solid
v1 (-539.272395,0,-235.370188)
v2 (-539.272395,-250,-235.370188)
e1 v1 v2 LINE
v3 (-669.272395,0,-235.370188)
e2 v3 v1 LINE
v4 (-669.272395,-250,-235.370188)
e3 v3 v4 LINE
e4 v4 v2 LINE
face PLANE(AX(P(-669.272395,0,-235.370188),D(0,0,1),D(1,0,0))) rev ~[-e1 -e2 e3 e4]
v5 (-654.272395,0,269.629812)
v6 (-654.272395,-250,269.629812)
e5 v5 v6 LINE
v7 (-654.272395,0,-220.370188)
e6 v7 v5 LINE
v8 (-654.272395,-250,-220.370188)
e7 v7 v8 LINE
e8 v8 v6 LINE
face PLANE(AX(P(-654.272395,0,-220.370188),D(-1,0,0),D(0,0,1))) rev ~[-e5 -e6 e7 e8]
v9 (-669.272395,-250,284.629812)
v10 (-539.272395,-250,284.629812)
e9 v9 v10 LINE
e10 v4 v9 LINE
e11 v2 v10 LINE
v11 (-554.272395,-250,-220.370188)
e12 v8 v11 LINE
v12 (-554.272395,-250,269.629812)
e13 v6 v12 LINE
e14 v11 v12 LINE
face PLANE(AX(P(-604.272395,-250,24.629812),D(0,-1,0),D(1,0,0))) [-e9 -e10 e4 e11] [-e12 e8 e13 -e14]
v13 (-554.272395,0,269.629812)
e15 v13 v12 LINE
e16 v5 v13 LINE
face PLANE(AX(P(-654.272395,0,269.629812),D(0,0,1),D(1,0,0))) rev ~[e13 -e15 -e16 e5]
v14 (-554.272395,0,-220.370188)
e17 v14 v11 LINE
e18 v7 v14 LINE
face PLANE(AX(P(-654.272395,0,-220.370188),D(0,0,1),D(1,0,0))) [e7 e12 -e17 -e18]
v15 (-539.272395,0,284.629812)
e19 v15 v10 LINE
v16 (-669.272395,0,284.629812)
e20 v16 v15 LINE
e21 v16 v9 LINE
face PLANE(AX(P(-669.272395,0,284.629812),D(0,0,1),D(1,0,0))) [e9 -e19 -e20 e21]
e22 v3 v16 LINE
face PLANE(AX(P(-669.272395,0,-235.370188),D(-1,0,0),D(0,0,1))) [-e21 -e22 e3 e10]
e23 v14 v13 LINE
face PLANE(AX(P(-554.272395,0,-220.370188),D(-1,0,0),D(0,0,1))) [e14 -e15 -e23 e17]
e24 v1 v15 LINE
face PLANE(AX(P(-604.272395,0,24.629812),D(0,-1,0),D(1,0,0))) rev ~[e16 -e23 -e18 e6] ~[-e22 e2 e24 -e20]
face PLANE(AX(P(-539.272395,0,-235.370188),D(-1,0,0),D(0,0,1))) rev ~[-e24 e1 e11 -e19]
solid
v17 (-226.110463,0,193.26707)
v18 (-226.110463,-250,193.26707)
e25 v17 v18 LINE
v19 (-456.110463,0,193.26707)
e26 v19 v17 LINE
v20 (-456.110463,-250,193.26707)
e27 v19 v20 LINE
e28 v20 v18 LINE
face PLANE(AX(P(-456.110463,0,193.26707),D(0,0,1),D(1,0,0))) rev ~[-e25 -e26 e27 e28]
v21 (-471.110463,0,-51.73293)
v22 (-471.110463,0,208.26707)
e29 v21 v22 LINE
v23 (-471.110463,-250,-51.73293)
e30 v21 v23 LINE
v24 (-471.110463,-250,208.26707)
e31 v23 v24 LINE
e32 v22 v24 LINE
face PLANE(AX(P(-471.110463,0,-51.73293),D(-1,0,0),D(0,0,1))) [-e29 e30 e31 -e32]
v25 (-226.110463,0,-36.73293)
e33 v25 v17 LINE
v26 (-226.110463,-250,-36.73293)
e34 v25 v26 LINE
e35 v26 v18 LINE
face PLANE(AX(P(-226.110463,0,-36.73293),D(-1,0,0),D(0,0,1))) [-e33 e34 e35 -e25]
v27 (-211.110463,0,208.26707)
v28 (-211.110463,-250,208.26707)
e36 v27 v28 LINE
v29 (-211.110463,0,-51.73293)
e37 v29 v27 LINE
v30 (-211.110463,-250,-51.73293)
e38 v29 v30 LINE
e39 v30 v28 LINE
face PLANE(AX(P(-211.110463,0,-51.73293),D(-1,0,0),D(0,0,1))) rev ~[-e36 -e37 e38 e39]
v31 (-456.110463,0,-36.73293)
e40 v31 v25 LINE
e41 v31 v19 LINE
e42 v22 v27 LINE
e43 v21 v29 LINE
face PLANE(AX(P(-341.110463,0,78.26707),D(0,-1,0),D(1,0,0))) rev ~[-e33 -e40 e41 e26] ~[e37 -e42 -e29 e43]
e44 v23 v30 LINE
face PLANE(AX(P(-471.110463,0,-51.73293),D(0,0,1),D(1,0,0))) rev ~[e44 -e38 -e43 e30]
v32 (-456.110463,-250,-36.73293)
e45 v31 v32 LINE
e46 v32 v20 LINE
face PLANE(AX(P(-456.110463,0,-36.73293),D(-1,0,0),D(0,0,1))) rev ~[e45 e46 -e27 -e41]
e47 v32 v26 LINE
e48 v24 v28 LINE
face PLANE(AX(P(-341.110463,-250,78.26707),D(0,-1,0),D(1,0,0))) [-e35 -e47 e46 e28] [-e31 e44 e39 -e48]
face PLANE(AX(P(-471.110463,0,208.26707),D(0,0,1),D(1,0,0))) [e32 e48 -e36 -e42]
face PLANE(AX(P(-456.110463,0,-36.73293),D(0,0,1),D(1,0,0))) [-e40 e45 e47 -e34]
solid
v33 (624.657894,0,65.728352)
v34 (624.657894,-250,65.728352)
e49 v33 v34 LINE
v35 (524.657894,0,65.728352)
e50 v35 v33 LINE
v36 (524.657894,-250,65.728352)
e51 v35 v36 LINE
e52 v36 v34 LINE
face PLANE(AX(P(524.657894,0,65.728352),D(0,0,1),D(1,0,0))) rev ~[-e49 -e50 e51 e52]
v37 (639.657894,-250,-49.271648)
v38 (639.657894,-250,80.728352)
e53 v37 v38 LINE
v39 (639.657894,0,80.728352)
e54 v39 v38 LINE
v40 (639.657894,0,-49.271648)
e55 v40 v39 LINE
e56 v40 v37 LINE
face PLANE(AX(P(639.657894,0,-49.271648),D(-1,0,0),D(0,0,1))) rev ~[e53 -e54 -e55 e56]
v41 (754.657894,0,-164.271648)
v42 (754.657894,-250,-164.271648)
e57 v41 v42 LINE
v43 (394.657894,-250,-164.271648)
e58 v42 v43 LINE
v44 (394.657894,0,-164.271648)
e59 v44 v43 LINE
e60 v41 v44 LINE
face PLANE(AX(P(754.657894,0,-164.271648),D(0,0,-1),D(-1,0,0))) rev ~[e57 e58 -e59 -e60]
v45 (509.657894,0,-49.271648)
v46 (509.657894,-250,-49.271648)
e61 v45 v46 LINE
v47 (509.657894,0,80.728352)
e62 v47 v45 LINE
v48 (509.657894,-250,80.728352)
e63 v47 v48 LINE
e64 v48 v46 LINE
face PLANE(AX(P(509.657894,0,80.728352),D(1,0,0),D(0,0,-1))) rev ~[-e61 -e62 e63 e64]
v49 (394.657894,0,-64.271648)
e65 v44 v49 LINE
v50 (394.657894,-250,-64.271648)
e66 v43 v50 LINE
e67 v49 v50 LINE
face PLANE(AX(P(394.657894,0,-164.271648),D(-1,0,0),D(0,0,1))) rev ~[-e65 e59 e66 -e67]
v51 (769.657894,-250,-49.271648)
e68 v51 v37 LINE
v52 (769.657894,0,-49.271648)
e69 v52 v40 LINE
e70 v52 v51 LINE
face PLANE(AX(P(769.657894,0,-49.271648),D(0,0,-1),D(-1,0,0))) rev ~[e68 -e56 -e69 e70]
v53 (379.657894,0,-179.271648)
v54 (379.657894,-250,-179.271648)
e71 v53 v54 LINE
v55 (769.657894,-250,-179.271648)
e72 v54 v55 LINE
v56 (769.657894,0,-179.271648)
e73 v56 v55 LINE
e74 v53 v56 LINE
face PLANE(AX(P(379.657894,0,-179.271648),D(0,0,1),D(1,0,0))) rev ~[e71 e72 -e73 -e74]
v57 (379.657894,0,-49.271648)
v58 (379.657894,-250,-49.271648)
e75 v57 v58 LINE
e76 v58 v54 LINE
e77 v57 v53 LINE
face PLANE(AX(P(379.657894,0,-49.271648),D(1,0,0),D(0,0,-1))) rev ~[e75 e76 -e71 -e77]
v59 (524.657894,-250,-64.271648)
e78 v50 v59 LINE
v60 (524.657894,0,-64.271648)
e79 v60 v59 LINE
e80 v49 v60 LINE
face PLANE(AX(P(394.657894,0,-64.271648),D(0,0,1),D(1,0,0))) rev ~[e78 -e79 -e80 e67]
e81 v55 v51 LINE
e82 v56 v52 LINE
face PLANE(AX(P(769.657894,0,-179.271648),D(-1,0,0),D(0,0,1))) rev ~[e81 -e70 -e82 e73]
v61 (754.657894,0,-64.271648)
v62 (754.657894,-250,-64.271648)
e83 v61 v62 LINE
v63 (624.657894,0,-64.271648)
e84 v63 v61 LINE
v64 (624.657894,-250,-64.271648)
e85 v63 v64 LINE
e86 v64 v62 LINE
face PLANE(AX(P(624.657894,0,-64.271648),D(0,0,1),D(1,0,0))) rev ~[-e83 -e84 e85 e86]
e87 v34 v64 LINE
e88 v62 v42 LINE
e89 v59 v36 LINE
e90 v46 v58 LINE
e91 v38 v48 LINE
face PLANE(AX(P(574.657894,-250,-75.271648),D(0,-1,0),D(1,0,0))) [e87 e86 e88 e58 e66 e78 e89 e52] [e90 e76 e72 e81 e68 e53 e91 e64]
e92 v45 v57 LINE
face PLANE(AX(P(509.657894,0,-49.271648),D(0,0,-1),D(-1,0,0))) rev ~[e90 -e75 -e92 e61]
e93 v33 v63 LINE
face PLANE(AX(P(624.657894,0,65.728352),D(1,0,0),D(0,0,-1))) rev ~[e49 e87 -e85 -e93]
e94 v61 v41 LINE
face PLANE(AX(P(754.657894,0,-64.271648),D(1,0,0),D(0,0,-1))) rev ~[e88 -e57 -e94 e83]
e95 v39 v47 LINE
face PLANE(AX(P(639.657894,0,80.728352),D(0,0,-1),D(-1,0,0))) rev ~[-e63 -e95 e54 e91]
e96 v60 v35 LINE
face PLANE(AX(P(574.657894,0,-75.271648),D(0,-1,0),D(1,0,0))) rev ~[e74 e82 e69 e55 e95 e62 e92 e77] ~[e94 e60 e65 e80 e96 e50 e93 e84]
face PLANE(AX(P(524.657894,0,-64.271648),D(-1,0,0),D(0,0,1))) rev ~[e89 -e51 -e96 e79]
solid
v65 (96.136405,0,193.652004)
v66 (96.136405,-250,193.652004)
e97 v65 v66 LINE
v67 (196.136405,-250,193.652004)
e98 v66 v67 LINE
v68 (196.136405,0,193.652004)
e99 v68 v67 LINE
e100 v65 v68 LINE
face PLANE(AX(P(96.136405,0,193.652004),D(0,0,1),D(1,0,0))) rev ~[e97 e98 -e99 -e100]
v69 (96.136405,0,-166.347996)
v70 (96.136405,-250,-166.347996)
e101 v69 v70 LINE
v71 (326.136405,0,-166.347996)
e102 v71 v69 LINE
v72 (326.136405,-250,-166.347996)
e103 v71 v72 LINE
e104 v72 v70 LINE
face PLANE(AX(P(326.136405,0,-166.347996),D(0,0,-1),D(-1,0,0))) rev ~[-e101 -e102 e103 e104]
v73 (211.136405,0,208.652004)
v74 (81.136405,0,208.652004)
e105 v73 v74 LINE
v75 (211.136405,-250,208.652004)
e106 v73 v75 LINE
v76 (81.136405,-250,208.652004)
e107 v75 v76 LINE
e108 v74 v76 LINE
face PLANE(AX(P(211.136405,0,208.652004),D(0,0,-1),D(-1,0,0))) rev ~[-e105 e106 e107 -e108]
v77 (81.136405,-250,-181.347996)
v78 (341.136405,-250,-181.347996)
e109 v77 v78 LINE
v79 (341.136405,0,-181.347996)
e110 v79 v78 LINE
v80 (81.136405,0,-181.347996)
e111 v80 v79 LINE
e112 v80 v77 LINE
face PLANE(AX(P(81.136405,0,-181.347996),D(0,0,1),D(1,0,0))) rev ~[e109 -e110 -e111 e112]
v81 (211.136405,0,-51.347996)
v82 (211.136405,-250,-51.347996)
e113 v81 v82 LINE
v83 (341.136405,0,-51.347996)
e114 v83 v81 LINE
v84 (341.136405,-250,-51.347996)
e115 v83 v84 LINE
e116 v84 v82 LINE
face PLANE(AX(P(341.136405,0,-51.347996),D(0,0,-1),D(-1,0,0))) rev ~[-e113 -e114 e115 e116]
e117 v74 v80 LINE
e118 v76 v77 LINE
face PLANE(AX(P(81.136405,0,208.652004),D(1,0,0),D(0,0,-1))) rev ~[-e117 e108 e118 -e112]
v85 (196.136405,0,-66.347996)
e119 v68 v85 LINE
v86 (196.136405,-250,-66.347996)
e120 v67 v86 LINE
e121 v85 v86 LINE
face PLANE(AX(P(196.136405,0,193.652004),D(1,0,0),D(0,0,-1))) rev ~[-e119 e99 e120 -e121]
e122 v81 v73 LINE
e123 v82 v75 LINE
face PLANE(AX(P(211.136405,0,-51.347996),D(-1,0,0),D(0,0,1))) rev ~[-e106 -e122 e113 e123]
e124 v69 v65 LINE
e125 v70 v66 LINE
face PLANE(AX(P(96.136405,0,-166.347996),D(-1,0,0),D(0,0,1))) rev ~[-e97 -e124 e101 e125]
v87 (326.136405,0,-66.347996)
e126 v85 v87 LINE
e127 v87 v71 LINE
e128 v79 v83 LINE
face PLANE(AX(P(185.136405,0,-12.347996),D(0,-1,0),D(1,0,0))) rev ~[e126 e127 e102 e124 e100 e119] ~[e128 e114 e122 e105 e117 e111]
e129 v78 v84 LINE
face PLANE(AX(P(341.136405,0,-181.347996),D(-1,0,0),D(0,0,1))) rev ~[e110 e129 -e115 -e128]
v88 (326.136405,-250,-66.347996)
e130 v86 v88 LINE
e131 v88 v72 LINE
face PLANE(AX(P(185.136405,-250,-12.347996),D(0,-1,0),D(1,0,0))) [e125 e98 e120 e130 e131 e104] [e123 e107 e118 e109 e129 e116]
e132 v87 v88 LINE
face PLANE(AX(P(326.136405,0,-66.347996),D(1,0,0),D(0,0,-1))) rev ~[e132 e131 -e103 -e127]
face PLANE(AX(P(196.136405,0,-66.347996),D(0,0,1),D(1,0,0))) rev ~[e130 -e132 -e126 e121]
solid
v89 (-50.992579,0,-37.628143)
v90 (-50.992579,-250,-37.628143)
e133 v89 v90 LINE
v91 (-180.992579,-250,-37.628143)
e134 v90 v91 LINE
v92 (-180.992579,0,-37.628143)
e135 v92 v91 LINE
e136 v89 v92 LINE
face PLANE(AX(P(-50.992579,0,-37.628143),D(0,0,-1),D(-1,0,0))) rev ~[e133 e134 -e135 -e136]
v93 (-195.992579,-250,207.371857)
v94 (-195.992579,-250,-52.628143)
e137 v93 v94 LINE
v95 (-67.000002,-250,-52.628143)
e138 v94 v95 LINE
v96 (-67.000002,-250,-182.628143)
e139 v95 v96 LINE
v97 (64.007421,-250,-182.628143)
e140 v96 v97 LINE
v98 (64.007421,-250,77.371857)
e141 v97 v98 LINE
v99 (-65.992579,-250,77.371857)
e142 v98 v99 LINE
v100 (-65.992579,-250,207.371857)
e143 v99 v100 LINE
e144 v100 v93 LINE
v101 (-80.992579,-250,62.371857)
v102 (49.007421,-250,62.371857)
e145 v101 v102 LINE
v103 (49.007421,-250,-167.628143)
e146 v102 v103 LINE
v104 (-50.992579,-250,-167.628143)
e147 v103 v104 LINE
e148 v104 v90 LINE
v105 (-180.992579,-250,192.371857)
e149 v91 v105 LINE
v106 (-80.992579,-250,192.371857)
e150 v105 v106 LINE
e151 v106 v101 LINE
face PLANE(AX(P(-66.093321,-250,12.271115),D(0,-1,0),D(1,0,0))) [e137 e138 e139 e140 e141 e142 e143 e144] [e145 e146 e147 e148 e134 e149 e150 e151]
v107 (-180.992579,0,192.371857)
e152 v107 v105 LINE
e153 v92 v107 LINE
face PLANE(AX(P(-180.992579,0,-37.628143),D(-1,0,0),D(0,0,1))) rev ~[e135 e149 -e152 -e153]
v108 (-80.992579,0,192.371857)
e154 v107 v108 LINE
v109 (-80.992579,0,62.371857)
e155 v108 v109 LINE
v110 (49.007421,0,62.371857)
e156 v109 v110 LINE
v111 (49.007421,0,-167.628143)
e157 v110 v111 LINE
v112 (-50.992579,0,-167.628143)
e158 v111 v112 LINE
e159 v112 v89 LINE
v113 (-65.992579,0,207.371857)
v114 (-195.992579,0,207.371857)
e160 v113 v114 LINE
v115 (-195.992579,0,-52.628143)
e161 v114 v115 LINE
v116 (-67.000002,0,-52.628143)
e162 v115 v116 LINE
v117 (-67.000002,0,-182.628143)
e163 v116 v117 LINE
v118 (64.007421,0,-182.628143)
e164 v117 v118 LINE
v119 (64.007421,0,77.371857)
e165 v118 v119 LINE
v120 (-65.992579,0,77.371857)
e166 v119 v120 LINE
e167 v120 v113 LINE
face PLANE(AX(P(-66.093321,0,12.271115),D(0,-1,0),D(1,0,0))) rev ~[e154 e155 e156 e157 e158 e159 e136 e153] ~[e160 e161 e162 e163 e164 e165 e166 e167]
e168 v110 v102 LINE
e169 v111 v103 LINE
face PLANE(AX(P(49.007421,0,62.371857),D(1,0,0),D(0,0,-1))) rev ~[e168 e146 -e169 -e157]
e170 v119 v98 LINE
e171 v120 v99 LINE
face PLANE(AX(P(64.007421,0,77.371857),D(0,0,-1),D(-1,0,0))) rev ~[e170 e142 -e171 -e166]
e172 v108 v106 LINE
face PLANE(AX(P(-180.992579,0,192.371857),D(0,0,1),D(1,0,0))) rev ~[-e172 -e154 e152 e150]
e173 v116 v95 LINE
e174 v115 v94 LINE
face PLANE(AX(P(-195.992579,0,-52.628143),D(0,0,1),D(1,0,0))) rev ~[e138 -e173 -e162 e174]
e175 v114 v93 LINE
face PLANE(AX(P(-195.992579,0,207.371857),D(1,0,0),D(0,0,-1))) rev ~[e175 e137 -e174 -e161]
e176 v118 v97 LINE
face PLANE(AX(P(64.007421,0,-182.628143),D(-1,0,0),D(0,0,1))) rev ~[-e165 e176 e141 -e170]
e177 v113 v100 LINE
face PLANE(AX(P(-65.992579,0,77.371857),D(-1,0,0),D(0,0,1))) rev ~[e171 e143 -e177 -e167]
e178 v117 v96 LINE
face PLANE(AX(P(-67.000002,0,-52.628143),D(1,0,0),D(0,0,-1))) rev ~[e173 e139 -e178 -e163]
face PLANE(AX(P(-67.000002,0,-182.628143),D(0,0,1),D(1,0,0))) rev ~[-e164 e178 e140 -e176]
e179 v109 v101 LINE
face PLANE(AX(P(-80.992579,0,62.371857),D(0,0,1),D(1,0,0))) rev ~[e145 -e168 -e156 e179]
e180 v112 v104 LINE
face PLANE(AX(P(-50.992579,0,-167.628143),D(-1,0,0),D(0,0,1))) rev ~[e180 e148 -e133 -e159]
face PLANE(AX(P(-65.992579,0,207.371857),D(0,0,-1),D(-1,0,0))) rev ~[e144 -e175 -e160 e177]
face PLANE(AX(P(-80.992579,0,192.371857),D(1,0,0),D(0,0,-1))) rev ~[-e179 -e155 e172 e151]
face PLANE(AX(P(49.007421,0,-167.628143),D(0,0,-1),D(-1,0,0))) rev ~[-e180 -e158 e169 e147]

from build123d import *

# Parameters (mm, degrees)
F5_DEPTH = 250
F6_DEPTH = 250
F7_DEPTH = 250
F3_W     = 130
F3_H     = 520
F3_W_2   = 100
F3_H_2   = 490
F8_DEPTH = 250
F1_W     = 260
F1_H     = 260
F1_W_2   = 230
F1_H_2   = 230
F9_DEPTH = 250


with BuildPart() as f5:
    # F2 (on Front) → F5 (new body)
    with BuildSketch(Plane.XZ):
        Polygon((211.136405, 208.652004), (81.136405, 208.652004), (81.136405, -181.347996), (341.136405, -181.347996), (341.136405, -51.347996), (211.136405, -51.347996), align=None)
        Polygon((96.136405, -166.347996), (96.136405, 193.652004), (196.136405, 193.652004), (196.136405, -66.347996), (326.136405, -66.347996), (326.136405, -166.347996), align=None, mode=Mode.SUBTRACT)
    extrude(amount=F5_DEPTH)


with BuildPart() as f6:
    # F4 (on Front) → F6 (new body)
    with BuildSketch(Plane.XZ):
        Polygon((509.657894, -49.271648), (379.657894, -49.271648), (379.657894, -179.271648), (769.657894, -179.271648), (769.657894, -49.271648), (639.657894, -49.271648), (639.657894, 80.728352), (509.657894, 80.728352), align=None)
        Polygon((524.657894, -64.271648), (524.657894, 65.728352), (624.657894, 65.728352), (624.657894, -64.271648), (754.657894, -64.271648), (754.657894, -164.271648), (394.657894, -164.271648), (394.657894, -64.271648), align=None, mode=Mode.SUBTRACT)
    extrude(amount=F6_DEPTH)


with BuildPart() as f7:
    # F0 (on Front) → F7 (new body)
    with BuildSketch(Plane.XZ):
        Polygon((-65.992579, 207.371857), (-195.992579, 207.371857), (-195.992579, -52.628143), (-67.000002, -52.628143), (-67.000002, -182.628143), (64.007421, -182.628143), (64.007421, 77.371857), (-65.992579, 77.371857), align=None)
        Polygon((-180.992579, -37.628143), (-180.992579, 192.371857), (-80.992579, 192.371857), (-80.992579, 62.371857), (49.007421, 62.371857), (49.007421, -167.628143), (-50.992579, -167.628143), (-50.992579, -37.628143), align=None, mode=Mode.SUBTRACT)
    extrude(amount=F7_DEPTH)


with BuildPart() as f8:
    # F3 (on Front) → F8 (new body)
    with BuildSketch(Plane.XZ):
        with Locations((-604.272395, 24.629812)):
            Rectangle(F3_W, F3_H)
        with Locations((-604.272395, 24.629812)):
            Rectangle(F3_W_2, F3_H_2, mode=Mode.SUBTRACT)
    extrude(amount=F8_DEPTH)


with BuildPart() as f9:
    # F1 (on Front) → F9 (new body)
    with BuildSketch(Plane.XZ):
        with Locations((-341.110463, 78.26707)):
            Rectangle(F1_W, F1_H)
        with Locations((-341.110463, 78.26707)):
            Rectangle(F1_W_2, F1_H_2, mode=Mode.SUBTRACT)
    extrude(amount=F9_DEPTH)


solid = Compound([f5.part, f6.part, f7.part, f8.part, f9.part])
